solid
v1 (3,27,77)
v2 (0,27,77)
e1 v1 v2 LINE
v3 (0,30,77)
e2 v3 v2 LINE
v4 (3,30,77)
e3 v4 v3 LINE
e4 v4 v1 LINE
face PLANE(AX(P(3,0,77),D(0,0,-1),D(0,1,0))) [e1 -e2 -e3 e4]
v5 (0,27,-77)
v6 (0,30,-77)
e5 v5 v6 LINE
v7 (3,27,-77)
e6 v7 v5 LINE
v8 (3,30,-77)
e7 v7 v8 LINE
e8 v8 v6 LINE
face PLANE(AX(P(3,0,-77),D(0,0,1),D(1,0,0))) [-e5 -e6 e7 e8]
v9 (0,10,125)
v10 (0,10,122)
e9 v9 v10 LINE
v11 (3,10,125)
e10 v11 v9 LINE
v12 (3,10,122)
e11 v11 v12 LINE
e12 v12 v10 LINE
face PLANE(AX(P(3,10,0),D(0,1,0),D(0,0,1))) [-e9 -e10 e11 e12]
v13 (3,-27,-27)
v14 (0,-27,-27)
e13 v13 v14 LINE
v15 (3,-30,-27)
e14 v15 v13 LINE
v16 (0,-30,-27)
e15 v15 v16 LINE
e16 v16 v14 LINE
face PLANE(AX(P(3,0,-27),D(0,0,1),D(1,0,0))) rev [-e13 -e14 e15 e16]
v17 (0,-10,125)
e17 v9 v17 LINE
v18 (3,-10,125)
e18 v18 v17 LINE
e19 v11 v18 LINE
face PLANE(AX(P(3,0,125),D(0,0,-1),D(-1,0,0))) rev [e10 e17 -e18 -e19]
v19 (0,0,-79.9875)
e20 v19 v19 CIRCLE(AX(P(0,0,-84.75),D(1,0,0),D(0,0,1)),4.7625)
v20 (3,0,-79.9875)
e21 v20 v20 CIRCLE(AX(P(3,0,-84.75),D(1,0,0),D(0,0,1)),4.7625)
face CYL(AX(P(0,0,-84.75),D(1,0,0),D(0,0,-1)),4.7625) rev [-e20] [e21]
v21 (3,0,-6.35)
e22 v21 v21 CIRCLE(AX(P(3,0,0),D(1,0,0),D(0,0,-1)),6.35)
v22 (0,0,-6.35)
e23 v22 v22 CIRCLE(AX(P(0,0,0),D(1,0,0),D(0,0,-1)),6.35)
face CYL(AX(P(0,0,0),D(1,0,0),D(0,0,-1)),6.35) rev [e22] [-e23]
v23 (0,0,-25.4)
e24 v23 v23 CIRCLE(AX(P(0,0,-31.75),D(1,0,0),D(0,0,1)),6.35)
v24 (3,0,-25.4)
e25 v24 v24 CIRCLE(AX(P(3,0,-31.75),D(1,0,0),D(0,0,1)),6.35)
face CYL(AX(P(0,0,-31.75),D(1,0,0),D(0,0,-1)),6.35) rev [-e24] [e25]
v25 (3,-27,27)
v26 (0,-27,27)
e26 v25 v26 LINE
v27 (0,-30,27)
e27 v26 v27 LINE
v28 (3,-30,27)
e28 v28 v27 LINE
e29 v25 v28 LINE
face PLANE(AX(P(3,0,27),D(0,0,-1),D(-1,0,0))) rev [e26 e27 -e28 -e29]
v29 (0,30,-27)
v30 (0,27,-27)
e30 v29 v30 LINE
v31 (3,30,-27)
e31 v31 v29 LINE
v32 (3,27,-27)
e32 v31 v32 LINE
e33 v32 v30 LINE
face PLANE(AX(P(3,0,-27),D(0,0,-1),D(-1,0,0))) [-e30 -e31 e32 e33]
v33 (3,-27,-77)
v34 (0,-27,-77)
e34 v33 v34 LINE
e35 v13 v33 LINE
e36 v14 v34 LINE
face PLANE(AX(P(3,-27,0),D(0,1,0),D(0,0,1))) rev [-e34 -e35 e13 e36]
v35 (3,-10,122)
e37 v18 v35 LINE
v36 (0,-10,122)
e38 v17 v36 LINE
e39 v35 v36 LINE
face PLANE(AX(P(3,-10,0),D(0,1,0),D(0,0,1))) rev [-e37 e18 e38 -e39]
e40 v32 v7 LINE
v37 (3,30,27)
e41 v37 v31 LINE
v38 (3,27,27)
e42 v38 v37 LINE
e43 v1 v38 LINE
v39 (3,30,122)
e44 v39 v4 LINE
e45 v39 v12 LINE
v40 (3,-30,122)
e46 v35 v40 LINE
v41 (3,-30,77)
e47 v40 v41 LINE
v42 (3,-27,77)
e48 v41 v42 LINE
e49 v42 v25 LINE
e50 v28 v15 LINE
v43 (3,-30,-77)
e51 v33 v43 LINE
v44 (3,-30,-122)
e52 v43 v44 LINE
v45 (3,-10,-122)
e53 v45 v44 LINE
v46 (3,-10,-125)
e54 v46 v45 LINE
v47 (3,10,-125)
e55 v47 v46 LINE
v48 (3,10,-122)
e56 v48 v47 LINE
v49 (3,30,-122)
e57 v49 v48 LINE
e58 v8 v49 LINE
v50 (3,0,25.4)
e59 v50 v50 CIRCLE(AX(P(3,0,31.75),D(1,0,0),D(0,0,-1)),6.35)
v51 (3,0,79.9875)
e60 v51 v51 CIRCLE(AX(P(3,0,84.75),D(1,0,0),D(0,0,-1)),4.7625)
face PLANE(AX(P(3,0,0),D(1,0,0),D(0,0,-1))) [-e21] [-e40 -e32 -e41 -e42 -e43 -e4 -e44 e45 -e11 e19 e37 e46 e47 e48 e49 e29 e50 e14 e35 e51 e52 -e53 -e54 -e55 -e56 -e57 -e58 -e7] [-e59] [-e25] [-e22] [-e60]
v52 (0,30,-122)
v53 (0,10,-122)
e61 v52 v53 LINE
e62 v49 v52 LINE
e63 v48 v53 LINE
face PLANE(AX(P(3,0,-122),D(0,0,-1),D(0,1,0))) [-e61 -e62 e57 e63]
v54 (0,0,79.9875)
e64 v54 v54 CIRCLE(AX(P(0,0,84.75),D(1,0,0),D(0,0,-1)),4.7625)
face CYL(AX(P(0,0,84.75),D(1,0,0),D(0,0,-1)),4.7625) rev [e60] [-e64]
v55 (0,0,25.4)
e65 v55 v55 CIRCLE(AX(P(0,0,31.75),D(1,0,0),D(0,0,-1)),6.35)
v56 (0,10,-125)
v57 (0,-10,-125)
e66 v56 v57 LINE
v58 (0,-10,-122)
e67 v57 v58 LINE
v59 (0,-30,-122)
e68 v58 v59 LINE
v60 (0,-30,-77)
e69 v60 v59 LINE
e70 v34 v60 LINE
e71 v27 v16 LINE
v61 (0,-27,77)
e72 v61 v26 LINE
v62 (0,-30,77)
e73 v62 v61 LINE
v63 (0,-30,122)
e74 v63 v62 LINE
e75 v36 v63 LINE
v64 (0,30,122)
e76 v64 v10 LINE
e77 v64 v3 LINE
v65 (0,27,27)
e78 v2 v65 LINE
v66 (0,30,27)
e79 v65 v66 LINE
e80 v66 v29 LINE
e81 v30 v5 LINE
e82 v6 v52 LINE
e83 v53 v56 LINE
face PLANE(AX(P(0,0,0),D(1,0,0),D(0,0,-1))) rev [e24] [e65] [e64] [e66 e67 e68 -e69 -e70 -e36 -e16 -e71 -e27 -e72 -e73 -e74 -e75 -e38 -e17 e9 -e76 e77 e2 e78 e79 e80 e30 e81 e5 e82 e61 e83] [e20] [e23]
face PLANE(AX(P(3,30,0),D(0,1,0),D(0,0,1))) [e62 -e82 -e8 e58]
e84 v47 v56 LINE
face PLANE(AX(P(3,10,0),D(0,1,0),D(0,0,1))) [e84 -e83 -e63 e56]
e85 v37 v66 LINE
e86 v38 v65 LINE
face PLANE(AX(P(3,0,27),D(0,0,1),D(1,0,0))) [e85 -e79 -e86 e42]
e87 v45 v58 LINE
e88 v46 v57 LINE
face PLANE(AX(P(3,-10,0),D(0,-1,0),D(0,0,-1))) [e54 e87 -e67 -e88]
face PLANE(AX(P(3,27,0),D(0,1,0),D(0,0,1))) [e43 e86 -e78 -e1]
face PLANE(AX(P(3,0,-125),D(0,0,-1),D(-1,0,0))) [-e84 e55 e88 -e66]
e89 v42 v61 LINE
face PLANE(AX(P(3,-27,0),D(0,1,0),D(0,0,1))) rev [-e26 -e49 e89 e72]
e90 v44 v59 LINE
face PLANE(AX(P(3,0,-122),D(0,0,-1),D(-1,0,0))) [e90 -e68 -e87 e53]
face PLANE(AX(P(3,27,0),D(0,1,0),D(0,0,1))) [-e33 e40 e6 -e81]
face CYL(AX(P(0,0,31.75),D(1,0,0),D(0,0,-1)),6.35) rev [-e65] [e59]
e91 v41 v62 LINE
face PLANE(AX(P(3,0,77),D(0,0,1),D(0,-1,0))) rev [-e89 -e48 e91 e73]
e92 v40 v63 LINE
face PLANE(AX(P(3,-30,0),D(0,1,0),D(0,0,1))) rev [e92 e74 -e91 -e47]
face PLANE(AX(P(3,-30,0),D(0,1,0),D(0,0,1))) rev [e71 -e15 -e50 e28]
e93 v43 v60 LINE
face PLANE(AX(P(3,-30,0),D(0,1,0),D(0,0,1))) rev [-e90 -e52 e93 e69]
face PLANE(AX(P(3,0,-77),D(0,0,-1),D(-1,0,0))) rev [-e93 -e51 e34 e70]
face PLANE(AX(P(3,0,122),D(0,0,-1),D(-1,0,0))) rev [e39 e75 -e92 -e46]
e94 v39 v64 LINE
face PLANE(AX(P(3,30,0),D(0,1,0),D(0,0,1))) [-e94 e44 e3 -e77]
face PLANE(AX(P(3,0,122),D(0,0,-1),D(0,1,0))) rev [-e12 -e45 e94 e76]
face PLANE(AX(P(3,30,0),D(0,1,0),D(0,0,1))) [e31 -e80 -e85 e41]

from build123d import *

# Parameters (mm, degrees)
BOSS_EXTRUDE1_DEPTH = 3
SKETCH2_R           = 6.35
SKETCH2_R_2         = 4.7625
CUT_EXTRUDE1_DEPTH  = 129.5846025


with BuildPart() as part:
    # Sketch1 → Boss-Extrude1 (new body)
    with BuildSketch(Plane(origin=(0, 0, 0), x_dir=(0, 0, -1), z_dir=(1, 0, 0))):
        Polygon((-122, 30), (-77, 30), (-77, 27), (-27, 27), (-27, 30), (27, 30), (27, 27), (77, 27), (77, 30), (122, 30), (122, 10), (125, 10), (125, -10), (122, -10), (122, -30), (77, -30), (77, -27), (27, -27), (27, -30), (-27, -30), (-27, -27), (-77, -27), (-77, -30), (-122, -30), (-122, -10), (-125, -10), (-125, 10), (-122, 10), align=None)
    extrude(amount=BOSS_EXTRUDE1_DEPTH)

    # Sketch2 → Cut-Extrude1 (cut, through all)
    with BuildSketch(Plane(origin=(3, 0, 0), x_dir=(0, 0, -1), z_dir=(1, 0, 0))):
        Circle(SKETCH2_R)
        with Locations((-31.75, 0)):
            Circle(SKETCH2_R)
        with Locations(Location((31.75, 0, 0), (0, 0, 180))):
            Circle(SKETCH2_R)
        with Locations((-84.75, 0)):
            Circle(SKETCH2_R_2)
        with Locations(Location((84.75, 0, 0), (0, 0, 180))):
            Circle(SKETCH2_R_2)
    extrude(amount=-CUT_EXTRUDE1_DEPTH, mode=Mode.SUBTRACT)


solid = part.part
